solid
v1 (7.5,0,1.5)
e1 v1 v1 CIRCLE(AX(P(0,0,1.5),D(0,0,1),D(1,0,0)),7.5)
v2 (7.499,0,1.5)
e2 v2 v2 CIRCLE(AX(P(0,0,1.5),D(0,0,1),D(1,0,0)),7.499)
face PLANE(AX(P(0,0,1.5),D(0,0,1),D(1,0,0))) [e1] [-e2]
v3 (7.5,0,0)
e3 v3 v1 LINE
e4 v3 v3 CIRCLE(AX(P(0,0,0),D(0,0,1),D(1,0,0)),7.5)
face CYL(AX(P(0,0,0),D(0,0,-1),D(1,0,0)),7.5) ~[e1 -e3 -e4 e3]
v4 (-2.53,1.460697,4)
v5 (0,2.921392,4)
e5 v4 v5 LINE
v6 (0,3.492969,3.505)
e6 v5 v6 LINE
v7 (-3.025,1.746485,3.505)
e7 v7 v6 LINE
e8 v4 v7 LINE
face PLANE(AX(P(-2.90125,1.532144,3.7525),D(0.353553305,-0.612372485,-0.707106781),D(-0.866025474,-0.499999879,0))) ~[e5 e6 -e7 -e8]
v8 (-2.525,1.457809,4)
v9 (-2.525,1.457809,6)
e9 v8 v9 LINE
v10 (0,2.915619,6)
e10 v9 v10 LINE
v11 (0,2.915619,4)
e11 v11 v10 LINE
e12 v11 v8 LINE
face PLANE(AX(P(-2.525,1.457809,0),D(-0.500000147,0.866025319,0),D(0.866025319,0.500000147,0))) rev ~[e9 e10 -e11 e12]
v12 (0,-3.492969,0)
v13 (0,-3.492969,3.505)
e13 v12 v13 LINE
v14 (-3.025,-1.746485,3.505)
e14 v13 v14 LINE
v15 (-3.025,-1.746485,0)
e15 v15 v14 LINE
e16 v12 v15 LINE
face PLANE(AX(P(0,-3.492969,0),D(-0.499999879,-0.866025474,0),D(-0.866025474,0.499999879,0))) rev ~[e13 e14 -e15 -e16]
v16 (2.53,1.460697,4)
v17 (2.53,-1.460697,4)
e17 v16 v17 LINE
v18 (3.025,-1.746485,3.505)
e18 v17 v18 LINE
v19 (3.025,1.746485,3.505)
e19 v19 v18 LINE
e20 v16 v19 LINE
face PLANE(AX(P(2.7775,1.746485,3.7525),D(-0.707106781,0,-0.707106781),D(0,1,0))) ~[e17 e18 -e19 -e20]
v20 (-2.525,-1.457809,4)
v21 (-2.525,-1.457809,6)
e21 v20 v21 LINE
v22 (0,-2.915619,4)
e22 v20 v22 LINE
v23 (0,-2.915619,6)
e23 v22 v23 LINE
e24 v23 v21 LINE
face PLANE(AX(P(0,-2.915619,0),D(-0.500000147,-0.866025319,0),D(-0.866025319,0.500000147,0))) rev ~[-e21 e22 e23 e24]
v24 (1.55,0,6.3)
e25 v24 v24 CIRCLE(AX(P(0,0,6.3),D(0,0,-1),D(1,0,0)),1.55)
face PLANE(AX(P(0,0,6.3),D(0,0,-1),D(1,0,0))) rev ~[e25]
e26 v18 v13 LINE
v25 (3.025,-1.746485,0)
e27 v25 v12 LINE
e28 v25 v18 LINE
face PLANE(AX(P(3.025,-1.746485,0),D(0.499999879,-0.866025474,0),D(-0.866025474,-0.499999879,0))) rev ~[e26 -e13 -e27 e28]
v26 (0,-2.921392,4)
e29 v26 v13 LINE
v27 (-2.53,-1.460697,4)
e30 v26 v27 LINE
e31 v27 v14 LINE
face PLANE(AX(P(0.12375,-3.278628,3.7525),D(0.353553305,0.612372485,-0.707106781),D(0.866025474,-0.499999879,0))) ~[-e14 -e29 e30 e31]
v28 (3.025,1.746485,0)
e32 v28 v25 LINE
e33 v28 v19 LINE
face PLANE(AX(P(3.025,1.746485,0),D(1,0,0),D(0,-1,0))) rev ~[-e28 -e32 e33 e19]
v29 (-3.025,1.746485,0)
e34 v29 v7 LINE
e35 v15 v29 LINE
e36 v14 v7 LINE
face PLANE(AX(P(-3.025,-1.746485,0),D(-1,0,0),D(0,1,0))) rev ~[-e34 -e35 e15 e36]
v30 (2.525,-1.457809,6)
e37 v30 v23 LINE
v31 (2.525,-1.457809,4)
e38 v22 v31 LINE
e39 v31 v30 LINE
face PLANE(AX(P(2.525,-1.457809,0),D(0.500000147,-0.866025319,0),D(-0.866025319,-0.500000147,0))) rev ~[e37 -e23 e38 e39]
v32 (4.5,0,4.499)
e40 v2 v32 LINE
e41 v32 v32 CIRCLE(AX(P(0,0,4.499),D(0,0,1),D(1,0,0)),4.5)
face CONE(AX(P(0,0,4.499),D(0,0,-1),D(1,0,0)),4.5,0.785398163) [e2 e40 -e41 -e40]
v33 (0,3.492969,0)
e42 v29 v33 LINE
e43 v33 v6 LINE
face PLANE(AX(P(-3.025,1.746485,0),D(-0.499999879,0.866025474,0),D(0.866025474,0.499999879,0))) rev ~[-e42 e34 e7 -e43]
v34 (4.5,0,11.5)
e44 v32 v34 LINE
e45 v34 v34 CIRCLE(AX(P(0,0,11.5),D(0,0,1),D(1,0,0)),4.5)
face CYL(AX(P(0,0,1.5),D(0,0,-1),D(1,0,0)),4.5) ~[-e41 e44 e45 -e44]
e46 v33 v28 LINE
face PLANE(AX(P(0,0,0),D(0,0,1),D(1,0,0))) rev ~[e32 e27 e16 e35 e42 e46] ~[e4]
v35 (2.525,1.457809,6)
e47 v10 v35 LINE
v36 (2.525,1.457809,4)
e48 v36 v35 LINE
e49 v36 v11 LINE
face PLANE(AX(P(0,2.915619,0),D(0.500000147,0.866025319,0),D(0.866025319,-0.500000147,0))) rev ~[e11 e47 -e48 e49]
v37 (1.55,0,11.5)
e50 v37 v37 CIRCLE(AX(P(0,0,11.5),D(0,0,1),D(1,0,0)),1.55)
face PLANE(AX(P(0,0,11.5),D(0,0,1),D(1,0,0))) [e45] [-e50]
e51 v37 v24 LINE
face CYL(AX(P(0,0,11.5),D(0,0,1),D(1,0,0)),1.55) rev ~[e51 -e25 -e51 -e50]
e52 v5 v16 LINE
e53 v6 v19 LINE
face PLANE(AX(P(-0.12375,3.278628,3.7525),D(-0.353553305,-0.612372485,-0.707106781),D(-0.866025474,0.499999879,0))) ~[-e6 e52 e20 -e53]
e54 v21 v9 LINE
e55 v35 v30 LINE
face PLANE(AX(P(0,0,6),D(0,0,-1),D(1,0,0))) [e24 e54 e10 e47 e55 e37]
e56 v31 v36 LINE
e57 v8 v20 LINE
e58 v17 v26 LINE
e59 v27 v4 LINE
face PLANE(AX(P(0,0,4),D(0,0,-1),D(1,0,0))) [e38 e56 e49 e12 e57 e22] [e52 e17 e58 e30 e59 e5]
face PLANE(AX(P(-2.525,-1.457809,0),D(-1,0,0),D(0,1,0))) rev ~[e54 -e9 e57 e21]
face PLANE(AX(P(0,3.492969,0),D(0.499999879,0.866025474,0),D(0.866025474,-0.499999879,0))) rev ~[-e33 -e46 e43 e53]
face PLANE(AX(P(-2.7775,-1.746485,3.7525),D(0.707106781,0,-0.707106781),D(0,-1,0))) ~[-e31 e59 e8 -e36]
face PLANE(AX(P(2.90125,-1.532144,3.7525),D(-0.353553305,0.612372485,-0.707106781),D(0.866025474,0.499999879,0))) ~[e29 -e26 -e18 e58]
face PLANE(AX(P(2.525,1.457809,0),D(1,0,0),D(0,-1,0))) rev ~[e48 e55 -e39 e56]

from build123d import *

# Parameters (mm, degrees)
SKETCH_R        = 7.5
PAD_DEPTH       = 1.5
SKETCH001_R     = 4.5
PAD001_DEPTH    = 10
POCKET_DEPTH    = 6
SKETCH003_R     = 1.55
POCKET001_DEPTH = 11.501
POCKET002_DEPTH = 4
CHAMFER_SIZE    = 2.999
SKETCH005_R     = 1.55
PAD002_DEPTH    = 0.3
CHAMFER001_SIZE = 0.495


with BuildPart() as part:
    # Sketch → Pad (new body)
    with BuildSketch(Plane.XY):
        Circle(SKETCH_R)
    extrude(amount=PAD_DEPTH)

    # Sketch001 → Pad001 (new body)
    with BuildSketch(Plane.XY.offset(1.5)):
        Circle(SKETCH001_R)
    extrude(amount=PAD001_DEPTH)

    # Sketch002 → Pocket (cut)
    with BuildSketch(Plane(origin=(0, 0, 0), x_dir=(1, 0, 0), z_dir=(0, 0, -1))):
        Polygon((2.525, 1.457809), (0, 2.915619), (-2.525, 1.457809), (-2.525, -1.457809), (0, -2.915619), (2.525, -1.457809), align=None)
    extrude(amount=-POCKET_DEPTH, mode=Mode.SUBTRACT)

    # Sketch003 → Pocket001 (cut, through all)
    with BuildSketch(Plane.XY.offset(11.5)):
        Circle(SKETCH003_R)
    extrude(amount=-POCKET001_DEPTH, mode=Mode.SUBTRACT)

    # Sketch004 → Pocket002 (cut)
    with BuildSketch(Plane(origin=(0, 0, 0), x_dir=(1, 0, 0), z_dir=(0, 0, -1))):
        Polygon((3.025, 1.746485), (0, 3.492969), (-3.025, 1.746485), (-3.025, -1.746485), (0, -3.492969), (3.025, -1.746485), align=None)
    extrude(amount=-POCKET002_DEPTH, mode=Mode.SUBTRACT)

    # Chamfer
    chamfer_edges = [part.edges().sort_by_distance(p)[0] for p in [
        (-4.5, 0, 1.5),
    ]]
    chamfer(chamfer_edges, length=CHAMFER_SIZE)

    # Sketch005 → Pad002 (new body)
    with BuildSketch(Plane(origin=(0, 0, 6), x_dir=(1, 0, 0), z_dir=(0, 0, -1))):
        Circle(SKETCH005_R)
    extrude(amount=-PAD002_DEPTH)

    # Chamfer001
    chamfer001_edges = [part.edges().sort_by_distance(p)[0] for p in [
        (3.025, 0, 4),
        (1.5125, -2.619727, 4),
        (1.5125, 2.619727, 4),
        (-1.5125, -2.619727, 4),
        (-3.025, 0, 4),
        (-1.5125, 2.619727, 4),
    ]]
    chamfer(chamfer001_edges, length=CHAMFER001_SIZE)


solid = part.part
